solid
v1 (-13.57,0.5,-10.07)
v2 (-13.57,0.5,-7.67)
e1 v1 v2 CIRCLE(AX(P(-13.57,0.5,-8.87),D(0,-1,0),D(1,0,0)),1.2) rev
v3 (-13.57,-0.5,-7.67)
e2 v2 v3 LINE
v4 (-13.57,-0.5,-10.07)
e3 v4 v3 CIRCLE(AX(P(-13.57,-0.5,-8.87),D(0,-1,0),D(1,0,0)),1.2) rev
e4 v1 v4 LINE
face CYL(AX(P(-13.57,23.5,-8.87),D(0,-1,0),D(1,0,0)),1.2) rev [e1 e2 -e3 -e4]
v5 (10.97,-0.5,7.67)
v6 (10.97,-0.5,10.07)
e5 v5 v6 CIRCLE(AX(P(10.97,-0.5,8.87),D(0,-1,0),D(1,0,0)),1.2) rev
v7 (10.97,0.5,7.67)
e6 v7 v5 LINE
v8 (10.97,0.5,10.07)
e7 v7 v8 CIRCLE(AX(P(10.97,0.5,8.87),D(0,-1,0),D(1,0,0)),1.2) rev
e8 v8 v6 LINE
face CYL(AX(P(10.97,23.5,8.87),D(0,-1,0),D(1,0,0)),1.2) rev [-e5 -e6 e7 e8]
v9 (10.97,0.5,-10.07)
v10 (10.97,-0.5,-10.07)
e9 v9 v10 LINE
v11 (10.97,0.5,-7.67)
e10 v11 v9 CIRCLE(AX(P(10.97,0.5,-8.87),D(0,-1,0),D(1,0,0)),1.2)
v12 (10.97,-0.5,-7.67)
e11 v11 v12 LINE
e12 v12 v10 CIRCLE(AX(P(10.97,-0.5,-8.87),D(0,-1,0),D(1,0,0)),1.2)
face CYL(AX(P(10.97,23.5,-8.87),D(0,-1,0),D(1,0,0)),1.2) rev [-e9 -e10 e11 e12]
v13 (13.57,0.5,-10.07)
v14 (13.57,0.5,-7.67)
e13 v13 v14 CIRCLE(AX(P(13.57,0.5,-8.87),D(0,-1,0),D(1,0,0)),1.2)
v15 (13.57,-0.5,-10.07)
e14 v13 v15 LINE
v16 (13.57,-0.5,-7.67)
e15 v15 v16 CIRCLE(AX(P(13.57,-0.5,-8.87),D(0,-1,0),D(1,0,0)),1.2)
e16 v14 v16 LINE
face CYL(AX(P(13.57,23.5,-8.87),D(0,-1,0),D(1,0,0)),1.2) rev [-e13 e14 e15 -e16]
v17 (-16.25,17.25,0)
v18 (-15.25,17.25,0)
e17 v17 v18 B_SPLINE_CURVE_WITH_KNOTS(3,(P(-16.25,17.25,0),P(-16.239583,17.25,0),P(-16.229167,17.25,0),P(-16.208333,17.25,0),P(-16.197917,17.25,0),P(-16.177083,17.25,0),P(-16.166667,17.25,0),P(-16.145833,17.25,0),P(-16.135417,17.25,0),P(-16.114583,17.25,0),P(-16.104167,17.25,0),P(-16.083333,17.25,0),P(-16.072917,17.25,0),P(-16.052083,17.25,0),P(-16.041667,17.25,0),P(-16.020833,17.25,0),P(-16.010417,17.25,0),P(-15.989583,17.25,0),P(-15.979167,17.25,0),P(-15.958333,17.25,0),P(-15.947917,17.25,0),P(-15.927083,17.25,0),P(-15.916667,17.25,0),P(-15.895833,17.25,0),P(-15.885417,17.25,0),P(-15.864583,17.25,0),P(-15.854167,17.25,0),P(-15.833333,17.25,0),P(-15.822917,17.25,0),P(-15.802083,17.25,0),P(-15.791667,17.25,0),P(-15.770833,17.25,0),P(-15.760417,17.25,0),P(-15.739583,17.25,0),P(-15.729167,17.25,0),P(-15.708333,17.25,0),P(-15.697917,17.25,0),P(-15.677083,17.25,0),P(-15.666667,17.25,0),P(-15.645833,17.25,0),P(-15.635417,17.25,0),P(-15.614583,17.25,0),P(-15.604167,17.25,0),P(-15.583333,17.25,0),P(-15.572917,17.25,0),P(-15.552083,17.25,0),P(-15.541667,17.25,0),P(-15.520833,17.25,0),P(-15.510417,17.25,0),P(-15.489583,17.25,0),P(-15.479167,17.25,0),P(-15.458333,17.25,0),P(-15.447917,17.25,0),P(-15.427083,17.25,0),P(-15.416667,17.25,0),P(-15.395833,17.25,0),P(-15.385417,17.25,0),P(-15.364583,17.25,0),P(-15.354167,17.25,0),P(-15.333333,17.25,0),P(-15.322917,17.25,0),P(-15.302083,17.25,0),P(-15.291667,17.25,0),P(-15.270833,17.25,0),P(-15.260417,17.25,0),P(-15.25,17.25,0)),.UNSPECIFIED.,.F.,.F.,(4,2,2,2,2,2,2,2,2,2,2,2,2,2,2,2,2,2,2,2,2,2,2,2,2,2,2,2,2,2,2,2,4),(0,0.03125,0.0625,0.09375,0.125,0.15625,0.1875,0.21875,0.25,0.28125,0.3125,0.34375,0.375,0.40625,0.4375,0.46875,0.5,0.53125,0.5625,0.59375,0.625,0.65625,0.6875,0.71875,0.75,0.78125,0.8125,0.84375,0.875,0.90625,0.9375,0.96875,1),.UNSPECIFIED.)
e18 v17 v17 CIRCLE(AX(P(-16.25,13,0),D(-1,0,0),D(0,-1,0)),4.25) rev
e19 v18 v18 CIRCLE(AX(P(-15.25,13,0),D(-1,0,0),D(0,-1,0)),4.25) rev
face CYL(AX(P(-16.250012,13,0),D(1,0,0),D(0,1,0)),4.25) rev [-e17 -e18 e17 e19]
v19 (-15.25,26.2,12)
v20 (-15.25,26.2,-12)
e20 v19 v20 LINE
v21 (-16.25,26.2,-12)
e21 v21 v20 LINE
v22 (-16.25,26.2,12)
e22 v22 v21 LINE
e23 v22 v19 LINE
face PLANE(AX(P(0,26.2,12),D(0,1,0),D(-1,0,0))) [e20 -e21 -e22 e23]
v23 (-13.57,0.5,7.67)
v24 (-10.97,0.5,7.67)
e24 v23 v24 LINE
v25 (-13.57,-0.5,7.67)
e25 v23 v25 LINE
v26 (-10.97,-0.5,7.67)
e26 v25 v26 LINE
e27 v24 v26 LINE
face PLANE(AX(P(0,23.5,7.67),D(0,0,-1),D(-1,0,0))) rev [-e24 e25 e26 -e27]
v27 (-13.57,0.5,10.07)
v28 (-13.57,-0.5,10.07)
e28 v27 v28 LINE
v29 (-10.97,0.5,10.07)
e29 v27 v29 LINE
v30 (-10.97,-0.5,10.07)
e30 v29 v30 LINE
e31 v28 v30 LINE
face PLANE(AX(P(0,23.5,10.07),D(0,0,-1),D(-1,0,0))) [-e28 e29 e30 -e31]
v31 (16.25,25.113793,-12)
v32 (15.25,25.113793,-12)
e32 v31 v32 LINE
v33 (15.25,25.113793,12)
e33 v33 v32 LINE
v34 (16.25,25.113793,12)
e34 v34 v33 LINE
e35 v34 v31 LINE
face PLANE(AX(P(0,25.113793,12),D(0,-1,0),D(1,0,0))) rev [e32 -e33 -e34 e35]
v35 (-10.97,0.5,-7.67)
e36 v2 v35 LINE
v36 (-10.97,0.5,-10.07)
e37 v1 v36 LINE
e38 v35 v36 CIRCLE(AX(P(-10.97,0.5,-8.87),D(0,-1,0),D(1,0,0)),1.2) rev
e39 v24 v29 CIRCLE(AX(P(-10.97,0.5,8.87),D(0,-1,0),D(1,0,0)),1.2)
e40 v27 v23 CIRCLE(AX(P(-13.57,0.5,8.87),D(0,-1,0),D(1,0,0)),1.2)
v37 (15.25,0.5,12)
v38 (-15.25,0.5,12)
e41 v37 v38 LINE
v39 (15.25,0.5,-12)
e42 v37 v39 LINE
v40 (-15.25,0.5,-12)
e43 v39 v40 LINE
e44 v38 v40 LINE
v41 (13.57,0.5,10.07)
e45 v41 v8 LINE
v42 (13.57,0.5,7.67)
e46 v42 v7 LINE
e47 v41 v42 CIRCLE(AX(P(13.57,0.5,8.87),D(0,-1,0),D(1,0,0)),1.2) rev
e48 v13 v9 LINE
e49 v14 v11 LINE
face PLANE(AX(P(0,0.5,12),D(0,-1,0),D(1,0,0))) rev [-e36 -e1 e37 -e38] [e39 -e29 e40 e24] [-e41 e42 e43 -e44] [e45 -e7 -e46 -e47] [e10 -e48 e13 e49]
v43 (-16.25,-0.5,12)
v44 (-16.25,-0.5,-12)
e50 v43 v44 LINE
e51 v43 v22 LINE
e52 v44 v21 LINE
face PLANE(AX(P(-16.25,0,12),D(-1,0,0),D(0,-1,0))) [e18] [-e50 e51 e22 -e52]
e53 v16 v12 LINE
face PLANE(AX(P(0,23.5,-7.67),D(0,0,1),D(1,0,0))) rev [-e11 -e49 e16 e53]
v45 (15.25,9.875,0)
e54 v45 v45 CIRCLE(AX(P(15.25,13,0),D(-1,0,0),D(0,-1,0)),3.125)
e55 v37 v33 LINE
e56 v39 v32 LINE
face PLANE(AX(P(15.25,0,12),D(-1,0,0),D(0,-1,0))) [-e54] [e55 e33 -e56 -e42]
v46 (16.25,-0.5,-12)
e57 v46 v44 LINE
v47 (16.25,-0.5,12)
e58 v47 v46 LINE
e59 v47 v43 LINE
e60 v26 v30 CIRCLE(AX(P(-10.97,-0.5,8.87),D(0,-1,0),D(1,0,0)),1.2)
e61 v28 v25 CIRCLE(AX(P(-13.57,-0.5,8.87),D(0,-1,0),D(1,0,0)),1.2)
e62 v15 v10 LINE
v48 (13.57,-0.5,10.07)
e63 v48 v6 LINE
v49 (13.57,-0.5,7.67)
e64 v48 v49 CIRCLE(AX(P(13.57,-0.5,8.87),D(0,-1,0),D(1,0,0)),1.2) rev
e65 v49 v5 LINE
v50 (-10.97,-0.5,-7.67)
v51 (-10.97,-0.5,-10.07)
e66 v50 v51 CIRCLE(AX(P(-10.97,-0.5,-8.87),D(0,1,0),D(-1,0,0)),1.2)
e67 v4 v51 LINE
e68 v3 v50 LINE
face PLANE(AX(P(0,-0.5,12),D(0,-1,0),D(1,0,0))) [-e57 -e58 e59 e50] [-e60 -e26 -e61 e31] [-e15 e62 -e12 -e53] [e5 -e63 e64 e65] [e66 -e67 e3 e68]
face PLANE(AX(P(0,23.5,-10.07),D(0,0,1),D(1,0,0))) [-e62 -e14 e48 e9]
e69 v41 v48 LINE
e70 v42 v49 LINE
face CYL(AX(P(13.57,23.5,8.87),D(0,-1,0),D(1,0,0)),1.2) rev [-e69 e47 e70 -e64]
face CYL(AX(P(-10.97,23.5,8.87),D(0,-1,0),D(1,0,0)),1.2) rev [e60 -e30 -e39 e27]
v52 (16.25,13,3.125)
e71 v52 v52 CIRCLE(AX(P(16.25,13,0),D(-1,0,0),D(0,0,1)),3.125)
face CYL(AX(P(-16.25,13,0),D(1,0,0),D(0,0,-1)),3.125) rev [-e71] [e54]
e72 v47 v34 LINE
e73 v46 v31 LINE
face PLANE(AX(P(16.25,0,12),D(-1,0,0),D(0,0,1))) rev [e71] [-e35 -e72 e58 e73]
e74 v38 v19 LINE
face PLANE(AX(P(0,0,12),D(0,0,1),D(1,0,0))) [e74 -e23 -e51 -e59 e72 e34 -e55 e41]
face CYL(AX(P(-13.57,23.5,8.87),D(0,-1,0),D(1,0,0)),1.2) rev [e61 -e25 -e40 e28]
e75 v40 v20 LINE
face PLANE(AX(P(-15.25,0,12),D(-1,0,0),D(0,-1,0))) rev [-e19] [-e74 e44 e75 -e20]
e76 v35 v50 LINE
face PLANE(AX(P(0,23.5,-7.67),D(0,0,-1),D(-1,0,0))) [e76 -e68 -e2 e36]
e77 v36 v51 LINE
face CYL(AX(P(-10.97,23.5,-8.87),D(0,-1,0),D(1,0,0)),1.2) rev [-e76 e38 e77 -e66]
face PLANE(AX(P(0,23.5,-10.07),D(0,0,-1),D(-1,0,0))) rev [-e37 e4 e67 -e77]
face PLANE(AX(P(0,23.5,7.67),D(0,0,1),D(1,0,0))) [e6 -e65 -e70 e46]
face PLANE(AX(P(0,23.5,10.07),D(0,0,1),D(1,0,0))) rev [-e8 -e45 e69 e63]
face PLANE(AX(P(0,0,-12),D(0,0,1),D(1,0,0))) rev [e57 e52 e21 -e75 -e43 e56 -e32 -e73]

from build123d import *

# Parameters (mm, degrees)
SKETCH1_W               = 1
SKETCH1_H               = 25.7
SKETCH1_H_2             = 1
SKETCH1_W_2             = 30.5
SKETCH1_H_3             = 24.613793103
BOSS_EXTRUDE1_DEPTH     = 12
CUT_EXTRUDE1_DEPTH      = 44.43604494
CUT_EXTRUDE1_DEPTH_BACK = 44.43604494
SKETCH2_R               = 3.125
CUT_EXTRUDE2_DEPTH      = 44.43604494
CUT_EXTRUDE2_DEPTH_BACK = 24
SKETCH3_R               = 4.25
CUT_EXTRUDE3_DEPTH      = 24


with BuildPart() as part:
    # Sketch1 → Boss-Extrude1 (new, symmetric)
    with BuildSketch(Plane.XY):
        with Locations((-15.75, 13.35)):
            Rectangle(SKETCH1_W, SKETCH1_H)
        with Locations((-15.75, 0)):
            Rectangle(SKETCH1_W, SKETCH1_H_2)
        Rectangle(SKETCH1_W_2, SKETCH1_H_2)
        with Locations((15.75, 0)):
            Rectangle(SKETCH1_W, SKETCH1_H_2)
        with Locations((15.75, 12.806896552)):
            Rectangle(SKETCH1_W, SKETCH1_H_3)
    extrude(amount=BOSS_EXTRUDE1_DEPTH, both=True)

    # Sketch2 → Cut-Extrude1 (cut, two sides: drawn at the far end of the back side and taken through both)
    with BuildSketch(Plane(origin=(16.25, 0, 0), x_dir=(0, 0, -1), z_dir=(1, 0, 0)).offset(-CUT_EXTRUDE1_DEPTH_BACK)):
        with Locations((0, 13)):
            Circle(SKETCH2_R)
    extrude(amount=CUT_EXTRUDE1_DEPTH + CUT_EXTRUDE1_DEPTH_BACK, mode=Mode.SUBTRACT)

    # Sketch3 → Cut-Extrude2 (cut, two sides: drawn at the far end of the back side and taken through both)
    with BuildSketch(Plane.ZY.offset(16.25).offset(-CUT_EXTRUDE2_DEPTH_BACK)):
        with Locations(Location((0, 13, 0), (0, 0, 90))):
            Circle(SKETCH3_R)
    extrude(amount=CUT_EXTRUDE2_DEPTH + CUT_EXTRUDE2_DEPTH_BACK, mode=Mode.SUBTRACT)

    # Sketch4 → Cut-Extrude3 (cut)
    with BuildSketch(Plane.XZ.offset(0.5)):
        with BuildLine():
            ThreePointArc((-13.57, -7.67), (-14.77, -8.87), (-13.57, -10.07))
            Line((-13.57, -10.07), (-13.57, -7.67))
        make_face()
        with BuildLine():
            Line((-13.57, -7.67), (-13.57, -10.07))
            ThreePointArc((-13.57, -10.07), (-12.721471863, -9.718528137), (-12.37, -8.87))
            ThreePointArc((-12.37, -8.87), (-12.721471863, -8.021471863), (-13.57, -7.67))
        make_face()
        with BuildLine():
            Line((-13.57, -10.07), (-10.97, -10.07))
            ThreePointArc((-10.97, -10.07), (-12.17, -8.87), (-10.97, -7.67))
            Line((-10.97, -7.67), (-13.57, -7.67))
            ThreePointArc((-13.57, -7.67), (-12.721471863, -8.021471863), (-12.37, -8.87))
            ThreePointArc((-12.37, -8.87), (-12.721471863, -9.718528137), (-13.57, -10.07))
        make_face()
        with BuildLine():
            ThreePointArc((-10.97, -7.67), (-12.17, -8.87), (-10.97, -10.07))
            Line((-10.97, -10.07), (-10.97, -7.67))
        make_face()
        with BuildLine():
            Line((-10.97, -7.67), (-10.97, -10.07))
            ThreePointArc((-10.97, -10.07), (-10.121471863, -9.718528137), (-9.77, -8.87))
            ThreePointArc((-9.77, -8.87), (-10.121471863, -8.021471863), (-10.97, -7.67))
        make_face()
        with BuildLine():
            ThreePointArc((10.97, -7.67), (9.77, -8.87), (10.97, -10.07))
            Line((10.97, -10.07), (10.97, -7.67))
        make_face()
        with BuildLine():
            Line((10.97, -7.67), (10.97, -10.07))
            ThreePointArc((10.97, -10.07), (11.818528137, -9.718528137), (12.17, -8.87))
            ThreePointArc((12.17, -8.87), (11.818528137, -8.021471863), (10.97, -7.67))
        make_face()
        with BuildLine():
            Line((10.97, -10.07), (13.57, -10.07))
            ThreePointArc((13.57, -10.07), (12.37, -8.87), (13.57, -7.67))
            Line((13.57, -7.67), (10.97, -7.67))
            ThreePointArc((10.97, -7.67), (11.818528137, -8.021471863), (12.17, -8.87))
            ThreePointArc((12.17, -8.87), (11.818528137, -9.718528137), (10.97, -10.07))
        make_face()
        with BuildLine():
            ThreePointArc((13.57, -7.67), (12.37, -8.87), (13.57, -10.07))
            Line((13.57, -10.07), (13.57, -7.67))
        make_face()
        with BuildLine():
            Line((13.57, -7.67), (13.57, -10.07))
            ThreePointArc((13.57, -10.07), (14.418528137, -9.718528137), (14.77, -8.87))
            ThreePointArc((14.77, -8.87), (14.418528137, -8.021471863), (13.57, -7.67))
        make_face()
        with BuildLine():
            ThreePointArc((12.17, 8.87), (11.818528137, 9.718528137), (10.97, 10.07))
            Line((10.97, 10.07), (10.97, 7.67))
            ThreePointArc((10.97, 7.67), (11.818528137, 8.021471863), (12.17, 8.87))
        make_face()
        with BuildLine():
            Line((10.97, 7.67), (10.97, 10.07))
            ThreePointArc((10.97, 10.07), (9.77, 8.87), (10.97, 7.67))
        make_face()
        with BuildLine():
            Line((13.57, 10.07), (10.97, 10.07))
            ThreePointArc((10.97, 10.07), (11.818528137, 9.718528137), (12.17, 8.87))
            ThreePointArc((12.17, 8.87), (11.818528137, 8.021471863), (10.97, 7.67))
            Line((10.97, 7.67), (13.57, 7.67))
            ThreePointArc((13.57, 7.67), (12.37, 8.87), (13.57, 10.07))
        make_face()
        with BuildLine():
            ThreePointArc((14.77, 8.87), (14.418528137, 9.718528137), (13.57, 10.07))
            Line((13.57, 10.07), (13.57, 7.67))
            ThreePointArc((13.57, 7.67), (14.418528137, 8.021471863), (14.77, 8.87))
        make_face()
        with BuildLine():
            Line((13.57, 7.67), (13.57, 10.07))
            ThreePointArc((13.57, 10.07), (12.37, 8.87), (13.57, 7.67))
        make_face()
        with BuildLine():
            ThreePointArc((-12.37, 8.87), (-12.721471863, 9.718528137), (-13.57, 10.07))
            Line((-13.57, 10.07), (-13.57, 7.67))
            ThreePointArc((-13.57, 7.67), (-12.721471863, 8.021471863), (-12.37, 8.87))
        make_face()
        with BuildLine():
            Line((-13.57, 7.67), (-13.57, 10.07))
            ThreePointArc((-13.57, 10.07), (-14.77, 8.87), (-13.57, 7.67))
        make_face()
        with BuildLine():
            Line((-10.97, 10.07), (-13.57, 10.07))
            ThreePointArc((-13.57, 10.07), (-12.721471863, 9.718528137), (-12.37, 8.87))
            ThreePointArc((-12.37, 8.87), (-12.721471863, 8.021471863), (-13.57, 7.67))
            Line((-13.57, 7.67), (-10.97, 7.67))
            ThreePointArc((-10.97, 7.67), (-12.17, 8.87), (-10.97, 10.07))
        make_face()
        with BuildLine():
            ThreePointArc((-9.77, 8.87), (-10.121471863, 9.718528137), (-10.97, 10.07))
            Line((-10.97, 10.07), (-10.97, 7.67))
            ThreePointArc((-10.97, 7.67), (-10.121471863, 8.021471863), (-9.77, 8.87))
        make_face()
        with BuildLine():
            Line((-10.97, 7.67), (-10.97, 10.07))
            ThreePointArc((-10.97, 10.07), (-12.17, 8.87), (-10.97, 7.67))
        make_face()
    extrude(amount=-CUT_EXTRUDE3_DEPTH, mode=Mode.SUBTRACT)


solid = part.part
